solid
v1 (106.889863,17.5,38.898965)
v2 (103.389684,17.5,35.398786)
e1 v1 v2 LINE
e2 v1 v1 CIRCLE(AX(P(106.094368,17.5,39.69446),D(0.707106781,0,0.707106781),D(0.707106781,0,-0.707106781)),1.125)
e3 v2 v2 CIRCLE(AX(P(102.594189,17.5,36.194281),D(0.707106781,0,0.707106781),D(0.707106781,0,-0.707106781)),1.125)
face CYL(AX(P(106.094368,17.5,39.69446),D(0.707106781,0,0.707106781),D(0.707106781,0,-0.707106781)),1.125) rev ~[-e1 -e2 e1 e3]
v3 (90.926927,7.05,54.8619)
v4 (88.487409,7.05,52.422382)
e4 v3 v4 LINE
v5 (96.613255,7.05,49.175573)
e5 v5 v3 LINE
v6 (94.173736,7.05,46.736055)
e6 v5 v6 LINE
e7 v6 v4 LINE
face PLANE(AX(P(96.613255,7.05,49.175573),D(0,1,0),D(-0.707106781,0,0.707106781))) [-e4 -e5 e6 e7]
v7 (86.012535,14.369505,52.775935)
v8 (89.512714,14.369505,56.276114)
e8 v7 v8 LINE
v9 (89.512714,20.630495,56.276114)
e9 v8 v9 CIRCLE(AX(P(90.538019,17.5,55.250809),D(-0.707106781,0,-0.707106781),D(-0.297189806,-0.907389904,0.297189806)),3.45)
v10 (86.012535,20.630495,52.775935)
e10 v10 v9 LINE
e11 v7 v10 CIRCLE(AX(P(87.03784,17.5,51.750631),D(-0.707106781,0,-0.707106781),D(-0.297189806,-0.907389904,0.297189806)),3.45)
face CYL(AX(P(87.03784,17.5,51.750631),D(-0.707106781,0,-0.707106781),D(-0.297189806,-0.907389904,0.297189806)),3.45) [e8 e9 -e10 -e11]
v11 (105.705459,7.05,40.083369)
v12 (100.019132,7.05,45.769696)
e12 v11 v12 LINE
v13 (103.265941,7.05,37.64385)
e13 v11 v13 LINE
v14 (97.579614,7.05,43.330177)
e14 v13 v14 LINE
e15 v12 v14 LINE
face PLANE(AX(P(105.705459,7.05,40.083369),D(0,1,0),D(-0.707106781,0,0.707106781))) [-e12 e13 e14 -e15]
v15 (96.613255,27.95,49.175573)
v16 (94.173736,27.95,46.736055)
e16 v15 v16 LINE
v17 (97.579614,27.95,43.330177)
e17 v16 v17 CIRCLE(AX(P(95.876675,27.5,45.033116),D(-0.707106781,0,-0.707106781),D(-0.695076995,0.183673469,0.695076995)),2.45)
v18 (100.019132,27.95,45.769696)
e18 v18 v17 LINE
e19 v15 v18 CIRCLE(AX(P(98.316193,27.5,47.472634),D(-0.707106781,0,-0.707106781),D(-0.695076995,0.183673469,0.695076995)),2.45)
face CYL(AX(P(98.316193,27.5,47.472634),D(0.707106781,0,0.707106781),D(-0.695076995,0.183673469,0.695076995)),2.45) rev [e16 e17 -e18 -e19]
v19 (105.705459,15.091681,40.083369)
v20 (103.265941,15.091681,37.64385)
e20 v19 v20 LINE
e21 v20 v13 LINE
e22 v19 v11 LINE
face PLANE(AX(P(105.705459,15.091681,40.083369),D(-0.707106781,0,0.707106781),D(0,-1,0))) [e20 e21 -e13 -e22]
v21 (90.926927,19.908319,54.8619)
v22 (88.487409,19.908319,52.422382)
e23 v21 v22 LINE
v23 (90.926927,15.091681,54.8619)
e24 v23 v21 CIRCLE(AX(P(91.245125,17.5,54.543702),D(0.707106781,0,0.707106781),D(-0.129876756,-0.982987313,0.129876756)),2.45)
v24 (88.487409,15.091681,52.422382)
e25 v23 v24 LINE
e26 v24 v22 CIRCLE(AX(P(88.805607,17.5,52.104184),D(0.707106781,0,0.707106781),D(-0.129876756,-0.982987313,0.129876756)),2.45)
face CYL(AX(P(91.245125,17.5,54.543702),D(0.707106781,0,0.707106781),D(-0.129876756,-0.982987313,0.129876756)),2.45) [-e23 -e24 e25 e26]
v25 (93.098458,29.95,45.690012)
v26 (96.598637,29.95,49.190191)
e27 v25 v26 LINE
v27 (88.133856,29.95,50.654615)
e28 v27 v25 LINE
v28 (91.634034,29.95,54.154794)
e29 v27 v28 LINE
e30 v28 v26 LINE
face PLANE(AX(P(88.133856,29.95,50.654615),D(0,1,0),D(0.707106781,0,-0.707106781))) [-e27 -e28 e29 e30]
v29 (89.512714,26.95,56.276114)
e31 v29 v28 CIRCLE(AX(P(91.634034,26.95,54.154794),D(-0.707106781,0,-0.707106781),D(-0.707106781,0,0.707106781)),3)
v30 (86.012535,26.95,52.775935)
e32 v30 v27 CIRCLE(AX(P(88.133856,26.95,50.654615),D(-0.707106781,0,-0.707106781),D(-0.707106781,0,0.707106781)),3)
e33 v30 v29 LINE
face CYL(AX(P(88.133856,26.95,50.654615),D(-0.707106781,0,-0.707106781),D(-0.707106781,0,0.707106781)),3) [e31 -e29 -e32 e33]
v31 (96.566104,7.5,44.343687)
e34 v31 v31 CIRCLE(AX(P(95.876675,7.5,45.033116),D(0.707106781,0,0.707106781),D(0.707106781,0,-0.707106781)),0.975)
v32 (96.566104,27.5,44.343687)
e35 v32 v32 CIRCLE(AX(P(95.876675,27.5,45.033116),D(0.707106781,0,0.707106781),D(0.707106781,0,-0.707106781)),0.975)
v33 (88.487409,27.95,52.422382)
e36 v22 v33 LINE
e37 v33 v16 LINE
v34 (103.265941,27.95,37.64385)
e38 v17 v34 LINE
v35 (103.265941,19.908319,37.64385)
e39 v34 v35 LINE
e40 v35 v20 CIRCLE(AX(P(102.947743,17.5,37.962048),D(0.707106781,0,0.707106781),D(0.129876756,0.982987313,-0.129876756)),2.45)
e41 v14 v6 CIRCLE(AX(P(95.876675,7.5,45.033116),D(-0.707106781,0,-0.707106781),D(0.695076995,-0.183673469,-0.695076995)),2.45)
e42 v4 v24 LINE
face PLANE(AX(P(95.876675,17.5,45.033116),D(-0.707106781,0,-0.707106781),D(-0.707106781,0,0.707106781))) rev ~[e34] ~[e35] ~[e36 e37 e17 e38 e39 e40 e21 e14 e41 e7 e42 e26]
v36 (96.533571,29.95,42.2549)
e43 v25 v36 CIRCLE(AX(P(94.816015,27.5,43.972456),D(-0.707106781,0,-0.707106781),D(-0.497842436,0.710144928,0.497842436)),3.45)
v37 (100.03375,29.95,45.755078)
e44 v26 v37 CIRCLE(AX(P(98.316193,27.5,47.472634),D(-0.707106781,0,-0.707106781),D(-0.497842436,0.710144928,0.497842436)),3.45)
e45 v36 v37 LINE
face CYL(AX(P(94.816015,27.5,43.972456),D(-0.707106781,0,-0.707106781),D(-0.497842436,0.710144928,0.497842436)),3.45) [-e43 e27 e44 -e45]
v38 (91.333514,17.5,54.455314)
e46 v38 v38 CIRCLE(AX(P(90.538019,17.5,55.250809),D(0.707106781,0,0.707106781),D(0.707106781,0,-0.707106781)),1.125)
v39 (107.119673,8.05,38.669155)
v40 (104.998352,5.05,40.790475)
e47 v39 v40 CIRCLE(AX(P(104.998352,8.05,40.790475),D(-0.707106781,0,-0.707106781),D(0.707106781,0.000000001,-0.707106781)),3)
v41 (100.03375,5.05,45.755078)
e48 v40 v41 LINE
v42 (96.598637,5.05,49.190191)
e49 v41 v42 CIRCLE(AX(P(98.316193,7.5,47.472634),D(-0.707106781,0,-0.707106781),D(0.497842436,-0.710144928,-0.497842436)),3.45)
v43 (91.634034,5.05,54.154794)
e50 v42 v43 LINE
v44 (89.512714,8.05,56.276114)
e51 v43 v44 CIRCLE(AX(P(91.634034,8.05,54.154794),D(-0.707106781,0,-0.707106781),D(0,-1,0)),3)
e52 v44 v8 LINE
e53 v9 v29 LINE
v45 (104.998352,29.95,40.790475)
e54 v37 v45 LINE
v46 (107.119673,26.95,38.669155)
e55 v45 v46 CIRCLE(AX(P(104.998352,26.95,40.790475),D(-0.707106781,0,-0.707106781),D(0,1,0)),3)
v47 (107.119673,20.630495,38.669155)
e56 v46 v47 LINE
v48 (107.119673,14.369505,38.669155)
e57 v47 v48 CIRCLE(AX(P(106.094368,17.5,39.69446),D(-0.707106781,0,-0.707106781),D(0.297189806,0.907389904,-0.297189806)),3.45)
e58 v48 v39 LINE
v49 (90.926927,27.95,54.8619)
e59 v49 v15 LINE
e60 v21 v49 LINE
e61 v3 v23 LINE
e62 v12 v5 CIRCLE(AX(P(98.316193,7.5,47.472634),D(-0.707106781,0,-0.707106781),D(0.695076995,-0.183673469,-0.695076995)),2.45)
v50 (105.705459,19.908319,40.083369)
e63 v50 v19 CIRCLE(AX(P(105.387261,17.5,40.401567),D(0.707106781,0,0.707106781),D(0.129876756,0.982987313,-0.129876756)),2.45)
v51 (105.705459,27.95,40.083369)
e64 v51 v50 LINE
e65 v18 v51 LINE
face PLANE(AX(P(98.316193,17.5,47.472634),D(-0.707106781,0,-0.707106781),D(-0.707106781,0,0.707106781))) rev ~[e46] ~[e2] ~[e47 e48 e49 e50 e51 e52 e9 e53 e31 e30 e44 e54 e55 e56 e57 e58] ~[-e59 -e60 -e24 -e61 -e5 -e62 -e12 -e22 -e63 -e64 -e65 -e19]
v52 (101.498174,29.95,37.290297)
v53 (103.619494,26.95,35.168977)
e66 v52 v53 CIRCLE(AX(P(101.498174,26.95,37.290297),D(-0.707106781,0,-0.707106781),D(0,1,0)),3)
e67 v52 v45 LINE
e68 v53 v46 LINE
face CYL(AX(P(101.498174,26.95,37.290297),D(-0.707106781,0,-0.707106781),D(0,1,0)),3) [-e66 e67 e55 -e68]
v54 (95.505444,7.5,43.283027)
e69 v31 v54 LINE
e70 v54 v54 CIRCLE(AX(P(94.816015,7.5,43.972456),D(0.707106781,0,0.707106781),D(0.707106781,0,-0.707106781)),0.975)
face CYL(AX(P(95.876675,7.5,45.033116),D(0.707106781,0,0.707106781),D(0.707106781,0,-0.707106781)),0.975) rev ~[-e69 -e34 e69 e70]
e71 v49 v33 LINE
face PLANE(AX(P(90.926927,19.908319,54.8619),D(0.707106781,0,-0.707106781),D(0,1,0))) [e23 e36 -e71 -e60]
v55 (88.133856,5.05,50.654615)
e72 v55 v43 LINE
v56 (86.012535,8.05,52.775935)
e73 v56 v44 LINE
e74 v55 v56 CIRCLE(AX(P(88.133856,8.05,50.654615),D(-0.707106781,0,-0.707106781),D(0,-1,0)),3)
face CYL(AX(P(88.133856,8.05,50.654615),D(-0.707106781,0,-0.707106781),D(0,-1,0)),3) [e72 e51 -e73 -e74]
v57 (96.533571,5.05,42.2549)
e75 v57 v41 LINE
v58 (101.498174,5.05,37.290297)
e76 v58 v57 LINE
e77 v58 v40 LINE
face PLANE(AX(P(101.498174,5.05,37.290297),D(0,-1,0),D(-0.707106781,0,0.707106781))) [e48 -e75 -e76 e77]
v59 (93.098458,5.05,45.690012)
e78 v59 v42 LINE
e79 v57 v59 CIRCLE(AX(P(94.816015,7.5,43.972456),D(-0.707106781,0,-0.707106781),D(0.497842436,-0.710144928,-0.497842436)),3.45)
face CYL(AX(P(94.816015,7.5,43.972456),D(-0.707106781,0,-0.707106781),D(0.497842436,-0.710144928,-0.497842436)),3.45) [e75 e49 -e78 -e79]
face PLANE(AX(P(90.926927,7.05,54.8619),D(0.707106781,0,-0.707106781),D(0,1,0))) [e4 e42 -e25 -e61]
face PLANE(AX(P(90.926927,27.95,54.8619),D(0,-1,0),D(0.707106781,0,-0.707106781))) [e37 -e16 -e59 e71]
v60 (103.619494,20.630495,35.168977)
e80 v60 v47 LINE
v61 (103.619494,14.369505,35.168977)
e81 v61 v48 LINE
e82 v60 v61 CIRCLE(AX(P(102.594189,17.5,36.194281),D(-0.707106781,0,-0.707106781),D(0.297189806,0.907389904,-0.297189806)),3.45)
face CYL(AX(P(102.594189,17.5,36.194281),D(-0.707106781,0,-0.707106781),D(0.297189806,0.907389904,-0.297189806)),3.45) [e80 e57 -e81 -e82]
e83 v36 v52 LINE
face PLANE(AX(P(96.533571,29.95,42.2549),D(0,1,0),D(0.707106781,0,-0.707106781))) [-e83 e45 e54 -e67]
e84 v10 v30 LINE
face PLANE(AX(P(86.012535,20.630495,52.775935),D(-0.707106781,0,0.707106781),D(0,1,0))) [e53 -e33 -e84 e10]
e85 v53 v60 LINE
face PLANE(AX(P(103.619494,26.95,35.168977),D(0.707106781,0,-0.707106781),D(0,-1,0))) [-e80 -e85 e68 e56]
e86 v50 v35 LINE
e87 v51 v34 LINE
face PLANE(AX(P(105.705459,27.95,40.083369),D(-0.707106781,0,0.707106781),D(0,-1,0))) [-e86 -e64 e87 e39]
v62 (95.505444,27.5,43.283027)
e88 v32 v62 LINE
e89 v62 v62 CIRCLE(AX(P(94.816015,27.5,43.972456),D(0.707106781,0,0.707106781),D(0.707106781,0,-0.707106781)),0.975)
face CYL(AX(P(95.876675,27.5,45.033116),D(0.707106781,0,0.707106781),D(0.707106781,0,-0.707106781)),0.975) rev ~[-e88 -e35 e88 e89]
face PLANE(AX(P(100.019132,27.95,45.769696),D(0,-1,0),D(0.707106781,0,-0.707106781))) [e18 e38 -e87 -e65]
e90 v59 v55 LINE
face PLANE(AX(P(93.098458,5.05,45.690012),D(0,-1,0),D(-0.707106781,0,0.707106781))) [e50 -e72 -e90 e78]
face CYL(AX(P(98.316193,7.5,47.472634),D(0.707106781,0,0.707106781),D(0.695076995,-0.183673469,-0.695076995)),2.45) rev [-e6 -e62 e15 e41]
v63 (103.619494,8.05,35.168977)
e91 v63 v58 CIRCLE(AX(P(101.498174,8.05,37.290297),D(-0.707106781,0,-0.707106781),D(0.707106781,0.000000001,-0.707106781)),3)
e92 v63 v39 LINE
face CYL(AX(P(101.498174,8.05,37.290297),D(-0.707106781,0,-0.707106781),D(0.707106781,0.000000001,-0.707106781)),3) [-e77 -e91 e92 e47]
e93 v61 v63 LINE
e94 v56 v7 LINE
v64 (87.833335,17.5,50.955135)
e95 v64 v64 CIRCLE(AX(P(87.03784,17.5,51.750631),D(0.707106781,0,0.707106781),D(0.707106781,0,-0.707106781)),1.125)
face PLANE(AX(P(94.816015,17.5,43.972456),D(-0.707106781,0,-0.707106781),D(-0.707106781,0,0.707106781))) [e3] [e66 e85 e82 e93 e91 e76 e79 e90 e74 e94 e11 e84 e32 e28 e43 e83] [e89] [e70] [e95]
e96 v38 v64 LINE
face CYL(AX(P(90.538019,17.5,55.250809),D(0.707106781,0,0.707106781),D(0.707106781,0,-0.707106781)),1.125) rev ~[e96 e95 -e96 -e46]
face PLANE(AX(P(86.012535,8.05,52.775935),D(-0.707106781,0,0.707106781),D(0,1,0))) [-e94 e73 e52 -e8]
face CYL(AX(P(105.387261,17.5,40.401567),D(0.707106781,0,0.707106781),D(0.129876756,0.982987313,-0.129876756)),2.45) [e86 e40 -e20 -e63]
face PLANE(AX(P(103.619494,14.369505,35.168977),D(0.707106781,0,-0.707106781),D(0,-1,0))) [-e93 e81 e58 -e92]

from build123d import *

# Parameters (mm, degrees)
BOSS_EXTRUDE1_DEPTH = 4.95
CUT_EXTRUDE1_DEPTH  = 3.45
CUT_EXTRUDE2_REACH  = 63.277
SKETCH3_R           = 0.975
CUT_EXTRUDE3_REACH  = 63.319
SKETCH4_R           = 1.125


with BuildPart() as part:
    # Sketch1 → Boss-Extrude1 (new body)
    with BuildSketch(Plane(origin=(69.394235316, 0, 69.394235316), x_dir=(0.7071067811865475, 0, -0.7071067811865477), z_dir=(0.7071067811865477, 0, 0.7071067811865475))):
        with BuildLine():
            Line((23.501825189, 8.05), (23.501825189, 14.369504832))
            ThreePointArc((23.501825189, 14.369504832), (21.501825189, 17.5), (23.501825189, 20.630495168))
            Line((23.501825189, 20.630495168), (23.501825189, 26.95))
            ThreePointArc((23.501825189, 26.95), (24.380504846, 29.071320344), (26.501825189, 29.95))
            Line((26.501825189, 29.95), (33.522833629, 29.95))
            ThreePointArc((33.522833629, 29.95), (35.951825189, 30.95), (38.38081675, 29.95))
            Line((38.38081675, 29.95), (45.401825189, 29.95))
            ThreePointArc((45.401825189, 29.95), (47.523145533, 29.071320344), (48.401825189, 26.95))
            Line((48.401825189, 26.95), (48.401825189, 20.630495168))
            ThreePointArc((48.401825189, 20.630495168), (50.401825189, 17.5), (48.401825189, 14.369504832))
            Line((48.401825189, 14.369504832), (48.401825189, 8.05))
            ThreePointArc((48.401825189, 8.05), (47.523145533, 5.928679656), (45.401825189, 5.05))
            Line((45.401825189, 5.05), (38.38081675, 5.05))
            ThreePointArc((38.38081675, 5.05), (35.951825189, 4.05), (33.522833629, 5.05))
            Line((33.522833629, 5.05), (26.501825189, 5.05))
            ThreePointArc((26.501825189, 5.05), (24.380504846, 5.928679656), (23.501825189, 8.05))
        make_face()
    extrude(amount=BOSS_EXTRUDE1_DEPTH)

    # Sketch2 → Cut-Extrude1 (cut)
    with BuildSketch(Plane(origin=(72.894413883, 0, 72.894413883), x_dir=(0.7071067811865476, 0, -0.7071067811865476), z_dir=(0.7071067811865476, 0, 0.7071067811865476))):
        with BuildLine():
            Line((38.360144105, 27.95), (46.401825189, 27.95))
            Line((46.401825189, 27.95), (46.401825189, 19.908318916))
            ThreePointArc((46.401825189, 19.908318916), (43.501825189, 17.5), (46.401825189, 15.091681084))
            Line((46.401825189, 15.091681084), (46.401825189, 7.05))
            Line((46.401825189, 7.05), (38.360144105, 7.05))
            ThreePointArc((38.360144105, 7.05), (35.951825189, 5.05), (33.543506273, 7.05))
            Line((33.543506273, 7.05), (25.501825189, 7.05))
            Line((25.501825189, 7.05), (25.501825189, 15.091681084))
            ThreePointArc((25.501825189, 15.091681084), (28.401825189, 17.5), (25.501825189, 19.908318916))
            Line((25.501825189, 19.908318916), (25.501825189, 27.95))
            Line((25.501825189, 27.95), (33.543506273, 27.95))
            ThreePointArc((33.543506273, 27.95), (35.951825189, 29.95), (38.360144105, 27.95))
        make_face()
    extrude(amount=-CUT_EXTRUDE1_DEPTH, mode=Mode.SUBTRACT)

    # Sketch3 → Cut-Extrude2 (cut, up to next)
    with BuildSketch(Plane(origin=(70.454895488, 0, 70.454895488), x_dir=(0.7071067811865475, 0, -0.7071067811865477), z_dir=(0.7071067811865477, 0, 0.7071067811865475)), mode=Mode.PRIVATE) as cut_extrude2_sk1:
        with Locations((35.951825189, 27.5)):
            Circle(SKETCH3_R)
    cut_extrude2_tool1 = extrude(cut_extrude2_sk1.sketch, amount=-CUT_EXTRUDE2_REACH, mode=Mode.PRIVATE) & part.part
    # Sketch3 → Cut-Extrude2 (cut, up to next)
    with BuildSketch(Plane(origin=(70.454895488, 0, 70.454895488), x_dir=(0.7071067811865475, 0, -0.7071067811865477), z_dir=(0.7071067811865477, 0, 0.7071067811865475)), mode=Mode.PRIVATE) as cut_extrude2_sk2:
        with Locations((35.951825189, 7.5)):
            Circle(SKETCH3_R)
    cut_extrude2_tool2 = extrude(cut_extrude2_sk2.sketch, amount=-CUT_EXTRUDE2_REACH, mode=Mode.PRIVATE) & part.part
    add(cut_extrude2_tool1.solids().sort_by_distance((95.876675, 27.5, 45.033116))[0], mode=Mode.SUBTRACT)
    add(cut_extrude2_tool2.solids().sort_by_distance((95.876675, 7.5, 45.033116))[0], mode=Mode.SUBTRACT)

    # Sketch4 → Cut-Extrude3 (cut, up to next)
    with BuildSketch(Plane(origin=(72.894413883, 0, 72.894413883), x_dir=(0.7071067811865476, 0, -0.7071067811865476), z_dir=(0.7071067811865476, 0, 0.7071067811865476)), mode=Mode.PRIVATE) as cut_extrude3_sk1:
        with Locations((24.951825189, 17.5)):
            Circle(SKETCH4_R)
    cut_extrude3_tool1 = extrude(cut_extrude3_sk1.sketch, amount=-CUT_EXTRUDE3_REACH, mode=Mode.PRIVATE) & part.part
    # Sketch4 → Cut-Extrude3 (cut, up to next)
    with BuildSketch(Plane(origin=(72.894413883, 0, 72.894413883), x_dir=(0.7071067811865476, 0, -0.7071067811865476), z_dir=(0.7071067811865476, 0, 0.7071067811865476)), mode=Mode.PRIVATE) as cut_extrude3_sk2:
        with Locations((46.951825189, 17.5)):
            Circle(SKETCH4_R)
    cut_extrude3_tool2 = extrude(cut_extrude3_sk2.sketch, amount=-CUT_EXTRUDE3_REACH, mode=Mode.PRIVATE) & part.part
    add(cut_extrude3_tool1.solids().sort_by_distance((90.538019, 17.5, 55.250809))[0], mode=Mode.SUBTRACT)
    add(cut_extrude3_tool2.solids().sort_by_distance((106.094368, 17.5, 39.69446))[0], mode=Mode.SUBTRACT)


solid = part.part
